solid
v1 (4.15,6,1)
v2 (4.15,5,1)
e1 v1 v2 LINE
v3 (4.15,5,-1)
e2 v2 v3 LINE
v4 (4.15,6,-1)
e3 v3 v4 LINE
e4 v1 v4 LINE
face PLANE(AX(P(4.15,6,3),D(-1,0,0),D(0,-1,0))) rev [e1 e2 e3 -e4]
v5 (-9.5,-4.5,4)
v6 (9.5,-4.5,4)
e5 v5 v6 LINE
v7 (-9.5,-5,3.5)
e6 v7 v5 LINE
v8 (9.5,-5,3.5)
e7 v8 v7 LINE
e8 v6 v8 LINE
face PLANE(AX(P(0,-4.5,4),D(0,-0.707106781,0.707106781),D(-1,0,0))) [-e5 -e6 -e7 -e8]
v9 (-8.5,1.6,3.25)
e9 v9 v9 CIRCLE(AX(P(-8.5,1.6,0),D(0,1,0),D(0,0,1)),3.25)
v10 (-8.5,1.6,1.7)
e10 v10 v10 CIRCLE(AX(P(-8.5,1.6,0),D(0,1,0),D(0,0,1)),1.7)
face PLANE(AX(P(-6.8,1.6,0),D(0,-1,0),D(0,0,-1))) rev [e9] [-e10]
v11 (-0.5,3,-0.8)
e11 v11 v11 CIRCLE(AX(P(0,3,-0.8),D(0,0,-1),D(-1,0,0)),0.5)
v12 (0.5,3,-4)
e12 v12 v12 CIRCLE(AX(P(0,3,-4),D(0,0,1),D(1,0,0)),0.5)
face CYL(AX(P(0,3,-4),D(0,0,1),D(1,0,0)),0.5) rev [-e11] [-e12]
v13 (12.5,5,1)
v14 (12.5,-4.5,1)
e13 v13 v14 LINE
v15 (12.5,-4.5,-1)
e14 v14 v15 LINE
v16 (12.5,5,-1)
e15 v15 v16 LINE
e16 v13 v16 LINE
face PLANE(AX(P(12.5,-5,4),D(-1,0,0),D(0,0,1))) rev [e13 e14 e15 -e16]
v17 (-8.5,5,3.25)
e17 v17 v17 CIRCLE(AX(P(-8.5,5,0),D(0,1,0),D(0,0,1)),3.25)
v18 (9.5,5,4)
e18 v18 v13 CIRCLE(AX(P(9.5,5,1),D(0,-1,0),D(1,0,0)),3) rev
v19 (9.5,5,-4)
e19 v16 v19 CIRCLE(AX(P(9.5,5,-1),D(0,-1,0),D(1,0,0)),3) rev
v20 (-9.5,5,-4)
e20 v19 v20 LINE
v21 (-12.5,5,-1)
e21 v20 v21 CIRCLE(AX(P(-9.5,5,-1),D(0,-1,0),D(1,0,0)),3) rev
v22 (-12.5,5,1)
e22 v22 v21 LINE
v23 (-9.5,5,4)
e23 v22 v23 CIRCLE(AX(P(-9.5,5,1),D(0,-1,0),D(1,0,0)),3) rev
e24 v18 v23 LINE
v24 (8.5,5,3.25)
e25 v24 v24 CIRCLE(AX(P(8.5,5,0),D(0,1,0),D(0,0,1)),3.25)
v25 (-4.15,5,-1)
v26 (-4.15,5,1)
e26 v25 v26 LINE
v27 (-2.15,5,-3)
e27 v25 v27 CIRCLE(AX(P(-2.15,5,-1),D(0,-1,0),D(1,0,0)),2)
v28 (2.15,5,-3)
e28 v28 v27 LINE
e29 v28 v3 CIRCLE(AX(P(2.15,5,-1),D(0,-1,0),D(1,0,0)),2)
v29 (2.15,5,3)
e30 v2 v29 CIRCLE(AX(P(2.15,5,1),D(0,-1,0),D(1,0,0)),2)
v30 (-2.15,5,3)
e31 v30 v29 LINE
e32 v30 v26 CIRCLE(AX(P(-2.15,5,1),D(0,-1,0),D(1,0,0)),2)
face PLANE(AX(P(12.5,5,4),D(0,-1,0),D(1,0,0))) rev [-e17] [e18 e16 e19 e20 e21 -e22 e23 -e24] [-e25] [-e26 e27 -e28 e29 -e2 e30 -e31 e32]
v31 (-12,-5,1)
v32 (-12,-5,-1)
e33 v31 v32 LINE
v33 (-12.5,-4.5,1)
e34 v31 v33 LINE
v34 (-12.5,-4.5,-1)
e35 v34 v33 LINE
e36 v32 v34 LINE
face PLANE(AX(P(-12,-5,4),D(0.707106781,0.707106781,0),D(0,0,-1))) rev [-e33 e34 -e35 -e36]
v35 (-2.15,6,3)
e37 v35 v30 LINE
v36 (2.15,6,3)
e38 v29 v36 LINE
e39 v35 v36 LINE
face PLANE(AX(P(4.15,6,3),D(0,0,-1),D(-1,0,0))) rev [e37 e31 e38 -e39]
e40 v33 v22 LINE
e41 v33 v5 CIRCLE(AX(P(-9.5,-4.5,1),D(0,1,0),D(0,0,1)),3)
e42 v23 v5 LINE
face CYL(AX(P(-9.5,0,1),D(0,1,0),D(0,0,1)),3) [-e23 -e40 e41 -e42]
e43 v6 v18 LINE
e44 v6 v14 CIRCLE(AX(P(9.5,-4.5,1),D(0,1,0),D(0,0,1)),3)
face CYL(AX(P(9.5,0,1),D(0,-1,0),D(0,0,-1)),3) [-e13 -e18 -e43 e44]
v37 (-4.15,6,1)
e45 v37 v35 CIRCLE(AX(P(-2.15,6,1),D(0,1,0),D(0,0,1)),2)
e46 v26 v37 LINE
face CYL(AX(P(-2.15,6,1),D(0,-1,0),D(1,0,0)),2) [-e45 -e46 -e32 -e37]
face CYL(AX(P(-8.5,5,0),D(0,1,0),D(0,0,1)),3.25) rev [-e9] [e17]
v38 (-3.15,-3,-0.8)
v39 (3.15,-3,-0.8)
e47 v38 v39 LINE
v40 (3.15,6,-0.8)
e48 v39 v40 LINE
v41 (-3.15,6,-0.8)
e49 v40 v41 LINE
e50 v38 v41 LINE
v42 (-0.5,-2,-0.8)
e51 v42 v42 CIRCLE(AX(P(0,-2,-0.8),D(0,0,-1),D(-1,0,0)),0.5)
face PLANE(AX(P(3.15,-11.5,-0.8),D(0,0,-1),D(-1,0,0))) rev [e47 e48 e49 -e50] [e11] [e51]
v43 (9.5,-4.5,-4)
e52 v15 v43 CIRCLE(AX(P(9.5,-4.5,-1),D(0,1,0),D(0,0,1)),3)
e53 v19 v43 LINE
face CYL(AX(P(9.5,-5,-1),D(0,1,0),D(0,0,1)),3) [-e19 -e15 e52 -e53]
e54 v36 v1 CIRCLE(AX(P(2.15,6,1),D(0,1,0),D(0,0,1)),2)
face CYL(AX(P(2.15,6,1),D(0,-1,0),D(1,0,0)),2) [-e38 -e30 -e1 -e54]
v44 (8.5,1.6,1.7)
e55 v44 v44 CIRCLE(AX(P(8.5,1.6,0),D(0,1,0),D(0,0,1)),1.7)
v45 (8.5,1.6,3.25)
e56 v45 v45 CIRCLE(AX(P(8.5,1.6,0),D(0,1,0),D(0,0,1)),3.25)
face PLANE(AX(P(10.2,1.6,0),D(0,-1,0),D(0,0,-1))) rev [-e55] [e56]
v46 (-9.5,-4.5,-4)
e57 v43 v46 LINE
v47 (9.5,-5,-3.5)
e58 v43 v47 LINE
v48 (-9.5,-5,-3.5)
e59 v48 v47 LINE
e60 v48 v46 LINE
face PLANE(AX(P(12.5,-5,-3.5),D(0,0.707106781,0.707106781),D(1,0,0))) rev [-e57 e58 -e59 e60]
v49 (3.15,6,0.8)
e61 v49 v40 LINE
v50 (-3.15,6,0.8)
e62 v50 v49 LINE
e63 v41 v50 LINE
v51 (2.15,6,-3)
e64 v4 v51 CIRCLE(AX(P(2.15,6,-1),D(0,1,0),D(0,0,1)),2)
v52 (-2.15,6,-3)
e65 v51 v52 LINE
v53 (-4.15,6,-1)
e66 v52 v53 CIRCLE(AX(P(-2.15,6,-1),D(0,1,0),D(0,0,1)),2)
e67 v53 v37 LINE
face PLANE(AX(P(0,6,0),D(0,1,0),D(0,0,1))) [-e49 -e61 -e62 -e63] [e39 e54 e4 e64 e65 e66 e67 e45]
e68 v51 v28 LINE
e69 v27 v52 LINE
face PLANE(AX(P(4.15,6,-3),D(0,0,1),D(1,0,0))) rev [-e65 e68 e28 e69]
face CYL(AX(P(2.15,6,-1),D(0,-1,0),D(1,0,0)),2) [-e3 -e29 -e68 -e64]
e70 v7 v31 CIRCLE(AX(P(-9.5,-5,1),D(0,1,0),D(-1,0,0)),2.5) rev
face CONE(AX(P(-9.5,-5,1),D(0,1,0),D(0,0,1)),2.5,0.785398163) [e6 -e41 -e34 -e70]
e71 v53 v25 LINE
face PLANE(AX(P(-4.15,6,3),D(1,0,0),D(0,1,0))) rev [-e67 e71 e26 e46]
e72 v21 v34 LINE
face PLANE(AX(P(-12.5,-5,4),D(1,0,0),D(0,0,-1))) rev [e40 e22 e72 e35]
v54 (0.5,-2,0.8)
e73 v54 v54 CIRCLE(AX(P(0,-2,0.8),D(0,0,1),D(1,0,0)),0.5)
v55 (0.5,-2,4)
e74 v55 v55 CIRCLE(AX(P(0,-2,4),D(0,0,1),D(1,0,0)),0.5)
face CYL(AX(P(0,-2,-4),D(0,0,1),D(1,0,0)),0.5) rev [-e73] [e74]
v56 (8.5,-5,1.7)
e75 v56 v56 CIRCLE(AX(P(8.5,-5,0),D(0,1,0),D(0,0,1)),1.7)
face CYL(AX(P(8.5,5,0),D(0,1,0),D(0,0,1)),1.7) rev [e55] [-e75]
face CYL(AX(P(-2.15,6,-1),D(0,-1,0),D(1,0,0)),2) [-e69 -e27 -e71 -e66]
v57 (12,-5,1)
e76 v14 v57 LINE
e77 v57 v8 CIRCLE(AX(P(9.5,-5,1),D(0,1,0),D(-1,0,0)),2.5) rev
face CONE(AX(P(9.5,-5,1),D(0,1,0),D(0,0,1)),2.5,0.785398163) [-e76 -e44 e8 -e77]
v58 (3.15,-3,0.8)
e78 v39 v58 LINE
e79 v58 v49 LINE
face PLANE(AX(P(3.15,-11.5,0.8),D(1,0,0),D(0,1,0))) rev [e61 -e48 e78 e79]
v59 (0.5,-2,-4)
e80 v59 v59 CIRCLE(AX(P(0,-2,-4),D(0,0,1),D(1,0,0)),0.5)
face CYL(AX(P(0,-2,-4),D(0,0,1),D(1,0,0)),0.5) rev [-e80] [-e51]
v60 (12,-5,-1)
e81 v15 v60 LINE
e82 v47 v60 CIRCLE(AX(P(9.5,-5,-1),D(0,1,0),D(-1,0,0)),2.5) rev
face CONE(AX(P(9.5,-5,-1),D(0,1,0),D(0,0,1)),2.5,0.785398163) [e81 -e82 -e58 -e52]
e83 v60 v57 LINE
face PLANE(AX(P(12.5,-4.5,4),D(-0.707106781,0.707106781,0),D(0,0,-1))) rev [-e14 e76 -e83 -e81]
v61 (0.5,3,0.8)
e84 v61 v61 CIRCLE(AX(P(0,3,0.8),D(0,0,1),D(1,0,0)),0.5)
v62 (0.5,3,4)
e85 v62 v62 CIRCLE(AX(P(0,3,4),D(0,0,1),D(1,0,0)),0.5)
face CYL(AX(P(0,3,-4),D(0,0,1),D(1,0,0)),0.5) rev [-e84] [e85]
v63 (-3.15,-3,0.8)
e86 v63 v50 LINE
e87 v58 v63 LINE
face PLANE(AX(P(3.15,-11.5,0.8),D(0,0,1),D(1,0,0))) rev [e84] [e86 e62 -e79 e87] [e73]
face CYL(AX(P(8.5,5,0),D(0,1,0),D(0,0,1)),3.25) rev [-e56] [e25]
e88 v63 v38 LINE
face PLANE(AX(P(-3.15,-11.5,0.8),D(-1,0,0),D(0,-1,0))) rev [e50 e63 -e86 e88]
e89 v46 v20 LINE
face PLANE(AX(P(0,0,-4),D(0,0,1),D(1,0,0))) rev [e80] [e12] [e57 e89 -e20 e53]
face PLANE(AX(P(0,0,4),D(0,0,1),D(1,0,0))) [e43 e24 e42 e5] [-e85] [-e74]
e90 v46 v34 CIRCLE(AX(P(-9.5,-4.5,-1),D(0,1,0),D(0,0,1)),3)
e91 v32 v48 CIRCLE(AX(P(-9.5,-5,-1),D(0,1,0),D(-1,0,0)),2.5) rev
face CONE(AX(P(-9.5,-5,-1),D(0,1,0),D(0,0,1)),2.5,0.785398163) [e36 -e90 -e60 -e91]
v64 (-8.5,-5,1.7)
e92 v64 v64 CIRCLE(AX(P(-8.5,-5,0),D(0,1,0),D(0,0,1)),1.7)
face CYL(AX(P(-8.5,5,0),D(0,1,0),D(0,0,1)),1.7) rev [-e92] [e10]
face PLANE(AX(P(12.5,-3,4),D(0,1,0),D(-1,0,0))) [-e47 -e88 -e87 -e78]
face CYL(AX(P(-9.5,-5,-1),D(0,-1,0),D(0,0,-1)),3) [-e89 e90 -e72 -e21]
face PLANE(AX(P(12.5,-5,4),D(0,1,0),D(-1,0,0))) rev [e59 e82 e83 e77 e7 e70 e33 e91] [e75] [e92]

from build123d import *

# Parameters (mm, degrees)
SKIZZE1_W                                            = 25
SKIZZE1_H                                            = 10
AUFSATZ_LINEAR_AUSTRAGEN1_DEPTH                      = 4
STIRNSENKUNG_F_R_M3_ZYLINDERSCHRAUBE_MIT_D           = 3.4
STIRNSENKUNG_F_R_M3_ZYLINDERSCHRAUBE_MIT_CBORE_D     = 6.5
STIRNSENKUNG_F_R_M3_ZYLINDERSCHRAUBE_MIT_CBORE_DEPTH = 3.4
VERRUNDUNG1_R                                        = 3
SKIZZE4_W                                            = 6.3
SKIZZE4_H                                            = 1.6
SCHNITT_LINEAR_AUSTRAGEN1_DEPTH                      = 8
SKIZZE5_W                                            = 8.3
SKIZZE5_H                                            = 6
SKIZZE5_W_2                                          = 6.3
SKIZZE5_H_2                                          = 1.6
AUFSATZ_LINEAR_AUSTRAGEN2_DEPTH                      = 1
VERRUNDUNG2_R                                        = 2
SKIZZE6_R                                            = 0.5
SCHNITT_LINEAR_AUSTRAGEN2_DEPTH                      = 9
FASE1_SIZE                                           = 0.5


with BuildPart() as part:
    # Skizze1 → Aufsatz-Linear austragen1 (new body, symmetric)
    with BuildSketch(Plane.XY):
        Rectangle(SKIZZE1_W, SKIZZE1_H)
    extrude(amount=AUFSATZ_LINEAR_AUSTRAGEN1_DEPTH, both=True)

    # Stirnsenkung für M3 Zylinderschraube mit Innensechskant1 (through all)
    with Locations(Plane(origin=(0, 5, 0), x_dir=(1, 0, 0), z_dir=(0, 1, 0))):
        with Locations((-8.5, 0), (8.5, 0)):
            CounterBoreHole(STIRNSENKUNG_F_R_M3_ZYLINDERSCHRAUBE_MIT_D / 2, STIRNSENKUNG_F_R_M3_ZYLINDERSCHRAUBE_MIT_CBORE_D / 2, STIRNSENKUNG_F_R_M3_ZYLINDERSCHRAUBE_MIT_CBORE_DEPTH)

    # Verrundung1
    verrundung1_edges = [part.edges().sort_by_distance(p)[0] for p in [
        (12.5, 0, 4),
        (-12.5, 0, 4),
        (12.5, 0, -4),
        (-12.5, 0, -4),
    ]]
    fillet(verrundung1_edges, radius=VERRUNDUNG1_R)

    # Skizze4 → Schnitt-Linear austragen1 (cut)
    with BuildSketch(Plane(origin=(0, 5, 0), x_dir=(1, 0, 0), z_dir=(0, 1, 0))):
        Rectangle(SKIZZE4_W, SKIZZE4_H)
    extrude(amount=-SCHNITT_LINEAR_AUSTRAGEN1_DEPTH, mode=Mode.SUBTRACT)

    # Skizze5 → Aufsatz-Linear austragen2 (add)
    with BuildSketch(Plane(origin=(0, 5, 0), x_dir=(1, 0, 0), z_dir=(0, 1, 0))):
        Rectangle(SKIZZE5_W, SKIZZE5_H)
        Rectangle(SKIZZE5_W_2, SKIZZE5_H_2, mode=Mode.SUBTRACT)
    extrude(amount=AUFSATZ_LINEAR_AUSTRAGEN2_DEPTH)

    # Verrundung2
    verrundung2_edges = [part.edges().sort_by_distance(p)[0] for p in [
        (-4.15, 5.5, -3),
        (-4.15, 5.5, 3),
        (4.15, 5.5, 3),
        (4.15, 5.5, -3),
    ]]
    fillet(verrundung2_edges, radius=VERRUNDUNG2_R)

    # Skizze6 → Schnitt-Linear austragen2 (cut, through all)
    with BuildSketch(Plane.XY.offset(4)):
        with Locations((0, 3)):
            Circle(SKIZZE6_R)
        with Locations((0, -2)):
            Circle(SKIZZE6_R)
    extrude(amount=-SCHNITT_LINEAR_AUSTRAGEN2_DEPTH, mode=Mode.SUBTRACT)

    # Fase1
    fase1_edges = [part.edges().sort_by_distance(p)[0] for p in [
        (12.5, -5, 0),
        (0, -5, -4),
        (0, -5, 4),
        (-12.5, -5, 0),
        (-11.621320344, -5, 3.121320344),
        (-11.621320344, -5, -3.121320344),
        (11.621320344, -5, 3.121320344),
        (11.621320344, -5, -3.121320344),
    ]]
    chamfer(fase1_edges, length=FASE1_SIZE)


solid = part.part
